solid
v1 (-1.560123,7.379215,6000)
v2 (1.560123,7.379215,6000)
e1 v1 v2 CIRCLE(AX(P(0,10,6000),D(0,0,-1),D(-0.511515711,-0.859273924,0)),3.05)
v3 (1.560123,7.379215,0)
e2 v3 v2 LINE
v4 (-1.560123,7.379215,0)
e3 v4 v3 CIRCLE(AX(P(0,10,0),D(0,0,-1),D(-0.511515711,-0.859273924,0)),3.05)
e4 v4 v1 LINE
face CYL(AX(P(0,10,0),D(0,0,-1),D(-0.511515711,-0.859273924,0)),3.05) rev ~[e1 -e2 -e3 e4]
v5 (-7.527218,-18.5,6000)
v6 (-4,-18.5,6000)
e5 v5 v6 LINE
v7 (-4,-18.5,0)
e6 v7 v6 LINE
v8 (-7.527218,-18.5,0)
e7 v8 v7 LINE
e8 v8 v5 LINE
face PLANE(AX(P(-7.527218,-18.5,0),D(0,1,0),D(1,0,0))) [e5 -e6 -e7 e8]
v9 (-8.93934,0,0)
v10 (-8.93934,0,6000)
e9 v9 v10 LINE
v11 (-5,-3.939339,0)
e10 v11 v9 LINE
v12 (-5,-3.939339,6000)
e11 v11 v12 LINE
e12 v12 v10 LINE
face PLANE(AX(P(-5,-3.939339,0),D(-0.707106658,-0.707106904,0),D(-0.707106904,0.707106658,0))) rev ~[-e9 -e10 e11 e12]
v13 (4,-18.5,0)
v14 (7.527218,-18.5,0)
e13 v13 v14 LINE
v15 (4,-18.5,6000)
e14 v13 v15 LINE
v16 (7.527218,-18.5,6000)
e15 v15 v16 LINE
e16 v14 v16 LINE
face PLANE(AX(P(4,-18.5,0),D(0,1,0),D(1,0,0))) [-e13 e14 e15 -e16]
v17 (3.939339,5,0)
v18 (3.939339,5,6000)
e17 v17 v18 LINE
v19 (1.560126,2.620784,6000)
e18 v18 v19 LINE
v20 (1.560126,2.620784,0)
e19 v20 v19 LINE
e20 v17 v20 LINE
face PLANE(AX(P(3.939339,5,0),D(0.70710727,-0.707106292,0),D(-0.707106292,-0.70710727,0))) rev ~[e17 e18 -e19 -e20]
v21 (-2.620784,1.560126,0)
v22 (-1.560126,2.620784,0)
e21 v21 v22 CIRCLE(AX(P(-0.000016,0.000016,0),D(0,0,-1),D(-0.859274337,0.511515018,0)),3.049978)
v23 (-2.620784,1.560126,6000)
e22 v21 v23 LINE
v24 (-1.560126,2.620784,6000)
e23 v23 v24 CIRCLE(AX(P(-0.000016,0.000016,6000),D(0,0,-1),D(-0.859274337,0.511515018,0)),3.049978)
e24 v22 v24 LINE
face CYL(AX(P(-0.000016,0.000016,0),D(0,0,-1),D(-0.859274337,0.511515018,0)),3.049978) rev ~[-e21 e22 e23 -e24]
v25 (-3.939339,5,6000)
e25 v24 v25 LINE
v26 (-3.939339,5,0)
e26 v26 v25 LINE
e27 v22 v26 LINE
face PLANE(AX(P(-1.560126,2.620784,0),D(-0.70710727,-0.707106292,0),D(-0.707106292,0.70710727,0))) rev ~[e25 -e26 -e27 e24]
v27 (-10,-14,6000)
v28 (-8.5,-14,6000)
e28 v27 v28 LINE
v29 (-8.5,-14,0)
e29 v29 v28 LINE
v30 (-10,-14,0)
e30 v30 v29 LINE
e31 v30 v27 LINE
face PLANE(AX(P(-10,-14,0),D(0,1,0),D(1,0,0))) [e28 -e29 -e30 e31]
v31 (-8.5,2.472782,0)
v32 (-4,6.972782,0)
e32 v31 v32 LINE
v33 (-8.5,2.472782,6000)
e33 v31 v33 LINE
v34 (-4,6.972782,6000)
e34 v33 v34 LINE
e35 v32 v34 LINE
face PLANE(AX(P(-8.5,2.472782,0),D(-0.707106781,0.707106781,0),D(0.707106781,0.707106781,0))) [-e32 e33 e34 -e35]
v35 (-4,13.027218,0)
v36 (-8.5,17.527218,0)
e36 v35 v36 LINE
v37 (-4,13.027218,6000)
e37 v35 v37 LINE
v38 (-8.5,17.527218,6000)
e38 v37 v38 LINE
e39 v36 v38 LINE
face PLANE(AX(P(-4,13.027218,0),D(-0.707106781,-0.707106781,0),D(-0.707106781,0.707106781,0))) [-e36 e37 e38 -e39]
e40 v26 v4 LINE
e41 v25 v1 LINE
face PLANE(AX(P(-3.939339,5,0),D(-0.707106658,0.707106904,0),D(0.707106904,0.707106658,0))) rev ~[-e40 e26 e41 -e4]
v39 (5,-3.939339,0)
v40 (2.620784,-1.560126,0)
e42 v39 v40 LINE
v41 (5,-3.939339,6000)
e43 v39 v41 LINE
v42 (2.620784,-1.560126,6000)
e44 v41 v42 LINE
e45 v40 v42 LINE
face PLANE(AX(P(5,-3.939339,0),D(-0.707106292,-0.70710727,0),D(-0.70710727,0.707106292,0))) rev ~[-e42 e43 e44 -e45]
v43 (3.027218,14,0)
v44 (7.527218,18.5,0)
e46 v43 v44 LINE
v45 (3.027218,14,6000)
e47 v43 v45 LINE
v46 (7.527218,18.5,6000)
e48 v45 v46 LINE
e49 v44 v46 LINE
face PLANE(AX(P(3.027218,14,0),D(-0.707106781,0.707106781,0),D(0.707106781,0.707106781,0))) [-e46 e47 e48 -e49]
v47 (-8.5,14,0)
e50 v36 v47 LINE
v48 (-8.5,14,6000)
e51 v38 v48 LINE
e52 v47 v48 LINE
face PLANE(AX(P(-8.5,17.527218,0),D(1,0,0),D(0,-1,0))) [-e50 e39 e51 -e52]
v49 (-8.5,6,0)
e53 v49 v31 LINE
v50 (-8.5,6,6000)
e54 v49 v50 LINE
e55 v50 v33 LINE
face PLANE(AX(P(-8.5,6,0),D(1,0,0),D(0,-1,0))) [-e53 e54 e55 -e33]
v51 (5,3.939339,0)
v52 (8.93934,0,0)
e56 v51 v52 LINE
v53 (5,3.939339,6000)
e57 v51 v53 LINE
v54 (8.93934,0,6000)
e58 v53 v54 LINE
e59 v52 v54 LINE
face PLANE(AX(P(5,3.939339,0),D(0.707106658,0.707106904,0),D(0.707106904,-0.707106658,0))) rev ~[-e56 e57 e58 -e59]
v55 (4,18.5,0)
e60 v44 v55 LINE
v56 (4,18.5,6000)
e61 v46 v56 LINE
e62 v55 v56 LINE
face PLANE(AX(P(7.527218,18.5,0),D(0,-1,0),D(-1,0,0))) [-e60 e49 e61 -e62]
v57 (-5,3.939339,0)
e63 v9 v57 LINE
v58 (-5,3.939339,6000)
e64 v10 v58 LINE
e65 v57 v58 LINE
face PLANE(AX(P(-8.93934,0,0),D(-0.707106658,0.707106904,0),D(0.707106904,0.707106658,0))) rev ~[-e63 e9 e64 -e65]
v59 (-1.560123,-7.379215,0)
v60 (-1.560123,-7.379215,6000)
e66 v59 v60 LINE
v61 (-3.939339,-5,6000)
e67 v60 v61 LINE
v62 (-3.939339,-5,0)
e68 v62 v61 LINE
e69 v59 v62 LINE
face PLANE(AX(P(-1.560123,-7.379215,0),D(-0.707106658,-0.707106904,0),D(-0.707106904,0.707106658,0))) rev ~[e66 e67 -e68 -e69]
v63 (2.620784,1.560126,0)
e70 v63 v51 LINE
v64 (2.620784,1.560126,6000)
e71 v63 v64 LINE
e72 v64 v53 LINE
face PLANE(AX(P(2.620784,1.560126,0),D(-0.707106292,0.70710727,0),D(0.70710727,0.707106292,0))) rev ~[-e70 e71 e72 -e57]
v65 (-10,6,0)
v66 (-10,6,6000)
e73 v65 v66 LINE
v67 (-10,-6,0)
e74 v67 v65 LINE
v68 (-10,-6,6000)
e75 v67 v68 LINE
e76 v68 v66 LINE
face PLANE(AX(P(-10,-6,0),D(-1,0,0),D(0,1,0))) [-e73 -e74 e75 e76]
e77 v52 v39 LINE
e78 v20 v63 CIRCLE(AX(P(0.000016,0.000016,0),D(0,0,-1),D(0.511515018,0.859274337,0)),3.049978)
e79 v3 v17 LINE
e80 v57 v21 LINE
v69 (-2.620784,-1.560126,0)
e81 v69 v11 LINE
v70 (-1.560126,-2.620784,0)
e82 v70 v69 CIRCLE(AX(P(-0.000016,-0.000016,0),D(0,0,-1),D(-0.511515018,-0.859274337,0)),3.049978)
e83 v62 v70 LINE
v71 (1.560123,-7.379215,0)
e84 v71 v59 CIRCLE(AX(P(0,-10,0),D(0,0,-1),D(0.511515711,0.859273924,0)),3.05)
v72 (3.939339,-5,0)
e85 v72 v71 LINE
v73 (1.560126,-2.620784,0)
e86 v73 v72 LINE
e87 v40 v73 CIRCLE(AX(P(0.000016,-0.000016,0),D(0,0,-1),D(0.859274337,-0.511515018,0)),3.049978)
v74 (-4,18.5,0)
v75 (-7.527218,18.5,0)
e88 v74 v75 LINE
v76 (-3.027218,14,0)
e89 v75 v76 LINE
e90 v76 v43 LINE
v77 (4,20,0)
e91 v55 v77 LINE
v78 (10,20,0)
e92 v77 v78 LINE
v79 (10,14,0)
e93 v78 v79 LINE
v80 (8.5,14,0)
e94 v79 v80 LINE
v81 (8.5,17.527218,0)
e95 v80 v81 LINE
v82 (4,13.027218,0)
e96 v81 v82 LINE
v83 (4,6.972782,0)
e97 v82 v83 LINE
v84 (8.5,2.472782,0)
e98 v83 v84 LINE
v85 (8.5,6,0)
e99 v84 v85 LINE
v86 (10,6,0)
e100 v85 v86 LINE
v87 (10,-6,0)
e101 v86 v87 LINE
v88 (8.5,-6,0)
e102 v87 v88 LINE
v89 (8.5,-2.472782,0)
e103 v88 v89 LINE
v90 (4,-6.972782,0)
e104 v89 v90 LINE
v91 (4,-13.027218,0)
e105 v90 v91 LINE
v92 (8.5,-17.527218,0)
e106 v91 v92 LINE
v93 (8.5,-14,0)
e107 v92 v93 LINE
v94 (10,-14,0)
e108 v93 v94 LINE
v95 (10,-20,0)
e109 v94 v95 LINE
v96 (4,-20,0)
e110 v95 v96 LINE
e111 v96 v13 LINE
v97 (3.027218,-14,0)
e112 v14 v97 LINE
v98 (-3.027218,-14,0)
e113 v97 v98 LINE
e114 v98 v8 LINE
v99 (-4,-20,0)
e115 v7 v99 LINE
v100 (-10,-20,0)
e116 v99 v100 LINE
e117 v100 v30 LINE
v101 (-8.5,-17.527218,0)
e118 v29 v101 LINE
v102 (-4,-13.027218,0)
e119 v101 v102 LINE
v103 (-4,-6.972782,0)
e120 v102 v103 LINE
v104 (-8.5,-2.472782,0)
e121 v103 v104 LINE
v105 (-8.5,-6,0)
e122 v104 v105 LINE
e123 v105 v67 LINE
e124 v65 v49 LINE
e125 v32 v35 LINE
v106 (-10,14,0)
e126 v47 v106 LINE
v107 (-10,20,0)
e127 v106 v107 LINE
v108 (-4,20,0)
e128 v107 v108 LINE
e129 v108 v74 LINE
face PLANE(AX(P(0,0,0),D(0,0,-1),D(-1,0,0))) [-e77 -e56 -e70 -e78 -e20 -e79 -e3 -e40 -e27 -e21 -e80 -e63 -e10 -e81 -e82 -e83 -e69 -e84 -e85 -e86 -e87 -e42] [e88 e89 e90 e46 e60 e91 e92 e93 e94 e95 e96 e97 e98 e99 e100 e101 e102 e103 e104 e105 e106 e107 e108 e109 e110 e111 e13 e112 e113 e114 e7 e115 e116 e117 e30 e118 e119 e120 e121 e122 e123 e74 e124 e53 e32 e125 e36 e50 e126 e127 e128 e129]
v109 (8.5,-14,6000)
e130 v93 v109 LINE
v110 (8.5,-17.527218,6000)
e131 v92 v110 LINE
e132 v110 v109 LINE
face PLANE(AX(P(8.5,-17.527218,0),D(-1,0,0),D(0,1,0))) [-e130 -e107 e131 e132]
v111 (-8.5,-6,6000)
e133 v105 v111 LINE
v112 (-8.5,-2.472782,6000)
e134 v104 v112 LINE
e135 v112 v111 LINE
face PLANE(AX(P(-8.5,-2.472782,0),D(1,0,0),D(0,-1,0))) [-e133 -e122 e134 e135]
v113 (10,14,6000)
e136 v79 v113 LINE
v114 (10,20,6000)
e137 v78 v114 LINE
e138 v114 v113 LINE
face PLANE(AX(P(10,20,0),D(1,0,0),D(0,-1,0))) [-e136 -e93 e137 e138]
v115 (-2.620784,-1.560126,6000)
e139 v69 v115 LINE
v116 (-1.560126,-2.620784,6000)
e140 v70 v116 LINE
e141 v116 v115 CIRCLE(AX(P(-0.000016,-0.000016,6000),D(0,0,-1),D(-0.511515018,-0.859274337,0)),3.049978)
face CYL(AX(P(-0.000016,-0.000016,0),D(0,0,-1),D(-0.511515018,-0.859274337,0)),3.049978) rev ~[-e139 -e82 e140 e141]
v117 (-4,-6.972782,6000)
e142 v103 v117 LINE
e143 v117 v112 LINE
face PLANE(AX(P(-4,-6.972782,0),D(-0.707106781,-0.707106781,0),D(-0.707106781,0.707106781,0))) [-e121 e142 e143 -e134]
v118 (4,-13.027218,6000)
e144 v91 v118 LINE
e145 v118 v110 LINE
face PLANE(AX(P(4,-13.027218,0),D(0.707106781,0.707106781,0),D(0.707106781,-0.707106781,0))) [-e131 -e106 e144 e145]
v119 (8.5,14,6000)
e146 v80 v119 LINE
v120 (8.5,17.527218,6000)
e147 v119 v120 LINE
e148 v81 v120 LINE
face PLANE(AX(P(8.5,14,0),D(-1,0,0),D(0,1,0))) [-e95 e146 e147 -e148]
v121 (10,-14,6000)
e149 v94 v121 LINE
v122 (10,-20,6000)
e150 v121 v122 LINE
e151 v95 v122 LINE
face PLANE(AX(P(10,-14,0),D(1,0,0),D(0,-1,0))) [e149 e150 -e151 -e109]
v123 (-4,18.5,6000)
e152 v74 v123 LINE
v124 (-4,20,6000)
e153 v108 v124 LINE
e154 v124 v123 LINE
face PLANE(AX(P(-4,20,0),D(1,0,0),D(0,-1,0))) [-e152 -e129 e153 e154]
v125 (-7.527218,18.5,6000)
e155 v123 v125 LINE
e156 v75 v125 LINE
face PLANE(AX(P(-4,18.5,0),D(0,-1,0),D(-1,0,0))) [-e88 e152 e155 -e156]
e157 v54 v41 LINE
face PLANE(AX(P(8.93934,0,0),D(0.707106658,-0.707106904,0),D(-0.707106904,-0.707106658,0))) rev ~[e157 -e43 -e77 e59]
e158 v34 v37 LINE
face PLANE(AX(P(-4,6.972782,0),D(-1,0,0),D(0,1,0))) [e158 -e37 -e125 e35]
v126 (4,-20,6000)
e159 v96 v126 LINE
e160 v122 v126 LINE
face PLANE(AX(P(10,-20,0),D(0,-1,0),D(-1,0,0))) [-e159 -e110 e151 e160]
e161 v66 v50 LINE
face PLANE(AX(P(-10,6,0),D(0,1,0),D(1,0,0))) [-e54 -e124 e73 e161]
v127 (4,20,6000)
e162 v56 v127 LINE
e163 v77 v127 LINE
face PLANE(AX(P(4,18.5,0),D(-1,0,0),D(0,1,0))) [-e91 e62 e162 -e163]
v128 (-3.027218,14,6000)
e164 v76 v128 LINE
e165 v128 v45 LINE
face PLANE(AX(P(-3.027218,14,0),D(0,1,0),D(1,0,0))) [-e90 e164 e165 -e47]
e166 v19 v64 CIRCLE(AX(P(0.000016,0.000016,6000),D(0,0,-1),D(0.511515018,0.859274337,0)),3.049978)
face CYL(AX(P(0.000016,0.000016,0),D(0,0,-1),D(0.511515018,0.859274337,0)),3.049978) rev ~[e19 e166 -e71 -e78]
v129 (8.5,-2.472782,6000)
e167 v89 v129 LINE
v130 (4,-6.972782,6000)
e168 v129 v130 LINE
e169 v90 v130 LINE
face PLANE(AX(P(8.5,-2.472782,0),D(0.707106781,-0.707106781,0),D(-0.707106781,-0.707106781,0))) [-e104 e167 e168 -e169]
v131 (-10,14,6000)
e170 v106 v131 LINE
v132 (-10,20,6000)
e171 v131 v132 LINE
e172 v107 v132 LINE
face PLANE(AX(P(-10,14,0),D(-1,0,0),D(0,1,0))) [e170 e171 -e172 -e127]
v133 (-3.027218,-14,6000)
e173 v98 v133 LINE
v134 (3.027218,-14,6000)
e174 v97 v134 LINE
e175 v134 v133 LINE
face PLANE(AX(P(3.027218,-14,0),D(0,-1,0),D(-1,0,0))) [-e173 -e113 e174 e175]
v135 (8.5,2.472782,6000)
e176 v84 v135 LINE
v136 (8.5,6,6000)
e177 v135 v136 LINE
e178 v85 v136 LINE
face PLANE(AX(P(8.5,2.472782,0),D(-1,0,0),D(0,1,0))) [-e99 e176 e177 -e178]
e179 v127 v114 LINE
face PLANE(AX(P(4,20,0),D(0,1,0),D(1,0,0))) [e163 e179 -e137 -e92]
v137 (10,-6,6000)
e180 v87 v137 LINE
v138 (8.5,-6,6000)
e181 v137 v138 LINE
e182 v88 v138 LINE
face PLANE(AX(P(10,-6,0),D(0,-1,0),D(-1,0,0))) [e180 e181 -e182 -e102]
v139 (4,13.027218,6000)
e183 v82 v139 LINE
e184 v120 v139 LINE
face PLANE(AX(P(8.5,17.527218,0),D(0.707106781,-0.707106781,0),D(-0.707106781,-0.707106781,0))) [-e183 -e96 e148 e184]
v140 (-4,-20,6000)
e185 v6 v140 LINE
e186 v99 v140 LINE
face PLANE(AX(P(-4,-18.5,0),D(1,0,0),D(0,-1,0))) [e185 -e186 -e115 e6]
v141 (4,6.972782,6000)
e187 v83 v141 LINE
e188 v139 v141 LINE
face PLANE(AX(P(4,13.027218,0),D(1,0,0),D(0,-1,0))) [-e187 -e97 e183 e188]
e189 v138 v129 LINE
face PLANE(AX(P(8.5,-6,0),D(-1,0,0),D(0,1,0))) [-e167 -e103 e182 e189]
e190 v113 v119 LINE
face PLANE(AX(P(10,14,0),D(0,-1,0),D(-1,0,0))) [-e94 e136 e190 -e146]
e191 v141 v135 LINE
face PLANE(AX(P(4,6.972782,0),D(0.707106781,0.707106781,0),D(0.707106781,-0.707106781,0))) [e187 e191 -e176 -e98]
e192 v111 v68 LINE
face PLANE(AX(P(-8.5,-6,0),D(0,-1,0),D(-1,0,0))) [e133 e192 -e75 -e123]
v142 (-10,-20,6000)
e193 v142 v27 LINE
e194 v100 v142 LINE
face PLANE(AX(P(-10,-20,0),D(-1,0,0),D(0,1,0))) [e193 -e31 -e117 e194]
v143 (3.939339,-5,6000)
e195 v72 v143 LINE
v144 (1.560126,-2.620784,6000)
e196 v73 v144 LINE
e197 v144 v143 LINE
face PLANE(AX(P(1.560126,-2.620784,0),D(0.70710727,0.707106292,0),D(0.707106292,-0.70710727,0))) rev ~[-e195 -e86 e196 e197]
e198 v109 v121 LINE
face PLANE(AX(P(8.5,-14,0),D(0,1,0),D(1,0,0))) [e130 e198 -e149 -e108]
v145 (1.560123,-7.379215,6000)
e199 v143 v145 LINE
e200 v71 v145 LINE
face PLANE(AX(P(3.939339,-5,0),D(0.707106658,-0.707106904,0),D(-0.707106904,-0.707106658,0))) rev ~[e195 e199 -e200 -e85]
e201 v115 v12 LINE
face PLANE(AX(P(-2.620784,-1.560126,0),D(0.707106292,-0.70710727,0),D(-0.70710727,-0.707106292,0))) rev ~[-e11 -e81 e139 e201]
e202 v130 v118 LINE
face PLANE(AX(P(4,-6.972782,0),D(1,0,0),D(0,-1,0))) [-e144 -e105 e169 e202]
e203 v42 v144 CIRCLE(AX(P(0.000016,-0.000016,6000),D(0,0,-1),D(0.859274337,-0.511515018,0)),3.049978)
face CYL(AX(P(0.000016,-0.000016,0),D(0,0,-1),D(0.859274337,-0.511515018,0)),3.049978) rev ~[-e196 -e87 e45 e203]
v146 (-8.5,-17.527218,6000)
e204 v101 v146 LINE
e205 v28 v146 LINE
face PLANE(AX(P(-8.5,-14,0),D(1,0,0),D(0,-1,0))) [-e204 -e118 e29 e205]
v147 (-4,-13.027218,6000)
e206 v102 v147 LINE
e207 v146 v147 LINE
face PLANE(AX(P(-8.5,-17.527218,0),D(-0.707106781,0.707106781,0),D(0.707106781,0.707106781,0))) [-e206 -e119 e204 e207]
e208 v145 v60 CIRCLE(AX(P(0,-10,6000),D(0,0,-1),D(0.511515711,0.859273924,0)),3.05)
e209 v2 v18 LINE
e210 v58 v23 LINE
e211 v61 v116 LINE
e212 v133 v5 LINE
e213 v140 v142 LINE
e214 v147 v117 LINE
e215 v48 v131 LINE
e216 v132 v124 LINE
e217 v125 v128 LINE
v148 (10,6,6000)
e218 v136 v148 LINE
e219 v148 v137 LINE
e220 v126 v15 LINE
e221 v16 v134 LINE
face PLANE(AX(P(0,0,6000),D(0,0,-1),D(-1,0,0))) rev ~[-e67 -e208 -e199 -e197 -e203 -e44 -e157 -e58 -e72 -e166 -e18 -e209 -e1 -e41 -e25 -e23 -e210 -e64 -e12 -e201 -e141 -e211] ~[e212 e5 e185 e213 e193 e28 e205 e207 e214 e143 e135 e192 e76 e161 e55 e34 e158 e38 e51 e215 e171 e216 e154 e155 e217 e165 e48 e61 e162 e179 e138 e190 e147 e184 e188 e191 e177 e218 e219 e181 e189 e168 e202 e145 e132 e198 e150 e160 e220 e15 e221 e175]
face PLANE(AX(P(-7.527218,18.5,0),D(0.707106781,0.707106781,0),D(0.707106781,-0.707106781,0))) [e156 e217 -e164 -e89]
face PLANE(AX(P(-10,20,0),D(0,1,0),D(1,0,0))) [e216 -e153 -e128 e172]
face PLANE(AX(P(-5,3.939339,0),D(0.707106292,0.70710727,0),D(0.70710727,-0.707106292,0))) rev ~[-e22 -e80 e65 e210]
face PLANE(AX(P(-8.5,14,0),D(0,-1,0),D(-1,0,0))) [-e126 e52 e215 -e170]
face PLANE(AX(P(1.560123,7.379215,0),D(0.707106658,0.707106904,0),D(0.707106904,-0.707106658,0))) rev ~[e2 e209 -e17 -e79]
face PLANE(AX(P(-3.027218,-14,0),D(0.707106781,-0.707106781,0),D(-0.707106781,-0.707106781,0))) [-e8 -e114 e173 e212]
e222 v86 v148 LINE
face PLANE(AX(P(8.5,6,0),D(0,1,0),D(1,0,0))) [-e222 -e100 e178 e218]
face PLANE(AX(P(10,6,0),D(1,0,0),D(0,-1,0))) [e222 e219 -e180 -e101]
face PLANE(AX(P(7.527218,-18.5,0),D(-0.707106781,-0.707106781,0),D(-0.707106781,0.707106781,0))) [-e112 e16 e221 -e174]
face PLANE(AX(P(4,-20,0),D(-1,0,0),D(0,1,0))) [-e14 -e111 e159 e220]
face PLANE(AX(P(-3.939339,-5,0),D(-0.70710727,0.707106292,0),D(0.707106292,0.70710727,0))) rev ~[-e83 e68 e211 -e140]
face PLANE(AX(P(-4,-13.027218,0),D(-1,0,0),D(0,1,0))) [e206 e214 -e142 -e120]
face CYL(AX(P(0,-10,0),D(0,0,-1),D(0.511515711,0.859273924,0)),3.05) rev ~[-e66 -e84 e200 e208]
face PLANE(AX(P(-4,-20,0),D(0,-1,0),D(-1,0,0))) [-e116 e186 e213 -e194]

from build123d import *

# Parameters (mm, degrees)
EXTRUS_O1_DEPTH = 6000


with BuildPart() as part:
    # Sketch1 → Extrusão1 (new body)
    with BuildSketch(Plane.XY):
        Polygon((-4, -18.5), (-4, -20), (-10, -20), (-10, -14), (-8.5, -14), (-8.5, -17.527218), (-4, -13.027218), (-4, -6.972782), (-8.5, -2.472782), (-8.5, -6), (-10, -6), (-10, 6), (-8.5, 6), (-8.5, 2.472782), (-4, 6.972782), (-4, 13.027218), (-8.5, 17.527218), (-8.5, 14), (-10, 14), (-10, 20), (-4, 20), (-4, 18.5), (-7.527218, 18.5), (-3.027218, 14), (3.027218, 14), (7.527218, 18.5), (4, 18.5), (4, 20), (10, 20), (10, 14), (8.5, 14), (8.5, 17.527218), (4, 13.027218), (4, 6.972782), (8.5, 2.472782), (8.5, 6), (10, 6), (10, -6), (8.5, -6), (8.5, -2.472782), (4, -6.972782), (4, -13.027218), (8.5, -17.527218), (8.5, -14), (10, -14), (10, -20), (4, -20), (4, -18.5), (7.527218, -18.5), (3.027218, -14), (-3.027218, -14), (-7.527218, -18.5), align=None)
        with BuildLine():
            Line((-3.93933851, -4.999999999), (-1.560125514, -2.620783714))
            ThreePointArc((-1.560125514, -2.620783714), (-2.156676048, -2.156676048), (-2.620783714, -1.560125514))
            Line((-2.620783714, -1.560125514), (-5.000000183, -3.939338694))
            Line((-5.000000183, -3.939338694), (-8.939340246, 0))
            Line((-8.939340246, 0), (-5.000000183, 3.939338694))
            Line((-5.000000183, 3.939338694), (-2.620783714, 1.560125514))
            ThreePointArc((-2.620783714, 1.560125514), (-2.156676048, 2.156676048), (-1.560125514, 2.620783714))
            Line((-1.560125514, 2.620783714), (-3.93933851, 4.999999999))
            Line((-3.93933851, 4.999999999), (-1.560122936, 7.379214746))
            ThreePointArc((-1.560122936, 7.379214746), (0, 13.050000275), (1.560122936, 7.379214746))
            Line((1.560122936, 7.379214746), (3.93933851, 4.999999999))
            Line((3.93933851, 4.999999999), (1.560125514, 2.620783714))
            ThreePointArc((1.560125514, 2.620783714), (2.156676048, 2.156676048), (2.620783714, 1.560125514))
            Line((2.620783714, 1.560125514), (5.000000183, 3.939338694))
            Line((5.000000183, 3.939338694), (8.939340246, 0))
            Line((8.939340246, 0), (5.000000183, -3.939338694))
            Line((5.000000183, -3.939338694), (2.620783714, -1.560125514))
            ThreePointArc((2.620783714, -1.560125514), (2.156676048, -2.156676048), (1.560125514, -2.620783714))
            Line((1.560125514, -2.620783714), (3.93933851, -4.999999999))
            Line((3.93933851, -4.999999999), (1.560122936, -7.379214746))
            ThreePointArc((1.560122936, -7.379214746), (0, -13.050000275), (-1.560122936, -7.379214746))
            Line((-1.560122936, -7.379214746), (-3.93933851, -4.999999999))
        make_face(mode=Mode.SUBTRACT)
    extrude(amount=EXTRUS_O1_DEPTH)


solid = part.part
